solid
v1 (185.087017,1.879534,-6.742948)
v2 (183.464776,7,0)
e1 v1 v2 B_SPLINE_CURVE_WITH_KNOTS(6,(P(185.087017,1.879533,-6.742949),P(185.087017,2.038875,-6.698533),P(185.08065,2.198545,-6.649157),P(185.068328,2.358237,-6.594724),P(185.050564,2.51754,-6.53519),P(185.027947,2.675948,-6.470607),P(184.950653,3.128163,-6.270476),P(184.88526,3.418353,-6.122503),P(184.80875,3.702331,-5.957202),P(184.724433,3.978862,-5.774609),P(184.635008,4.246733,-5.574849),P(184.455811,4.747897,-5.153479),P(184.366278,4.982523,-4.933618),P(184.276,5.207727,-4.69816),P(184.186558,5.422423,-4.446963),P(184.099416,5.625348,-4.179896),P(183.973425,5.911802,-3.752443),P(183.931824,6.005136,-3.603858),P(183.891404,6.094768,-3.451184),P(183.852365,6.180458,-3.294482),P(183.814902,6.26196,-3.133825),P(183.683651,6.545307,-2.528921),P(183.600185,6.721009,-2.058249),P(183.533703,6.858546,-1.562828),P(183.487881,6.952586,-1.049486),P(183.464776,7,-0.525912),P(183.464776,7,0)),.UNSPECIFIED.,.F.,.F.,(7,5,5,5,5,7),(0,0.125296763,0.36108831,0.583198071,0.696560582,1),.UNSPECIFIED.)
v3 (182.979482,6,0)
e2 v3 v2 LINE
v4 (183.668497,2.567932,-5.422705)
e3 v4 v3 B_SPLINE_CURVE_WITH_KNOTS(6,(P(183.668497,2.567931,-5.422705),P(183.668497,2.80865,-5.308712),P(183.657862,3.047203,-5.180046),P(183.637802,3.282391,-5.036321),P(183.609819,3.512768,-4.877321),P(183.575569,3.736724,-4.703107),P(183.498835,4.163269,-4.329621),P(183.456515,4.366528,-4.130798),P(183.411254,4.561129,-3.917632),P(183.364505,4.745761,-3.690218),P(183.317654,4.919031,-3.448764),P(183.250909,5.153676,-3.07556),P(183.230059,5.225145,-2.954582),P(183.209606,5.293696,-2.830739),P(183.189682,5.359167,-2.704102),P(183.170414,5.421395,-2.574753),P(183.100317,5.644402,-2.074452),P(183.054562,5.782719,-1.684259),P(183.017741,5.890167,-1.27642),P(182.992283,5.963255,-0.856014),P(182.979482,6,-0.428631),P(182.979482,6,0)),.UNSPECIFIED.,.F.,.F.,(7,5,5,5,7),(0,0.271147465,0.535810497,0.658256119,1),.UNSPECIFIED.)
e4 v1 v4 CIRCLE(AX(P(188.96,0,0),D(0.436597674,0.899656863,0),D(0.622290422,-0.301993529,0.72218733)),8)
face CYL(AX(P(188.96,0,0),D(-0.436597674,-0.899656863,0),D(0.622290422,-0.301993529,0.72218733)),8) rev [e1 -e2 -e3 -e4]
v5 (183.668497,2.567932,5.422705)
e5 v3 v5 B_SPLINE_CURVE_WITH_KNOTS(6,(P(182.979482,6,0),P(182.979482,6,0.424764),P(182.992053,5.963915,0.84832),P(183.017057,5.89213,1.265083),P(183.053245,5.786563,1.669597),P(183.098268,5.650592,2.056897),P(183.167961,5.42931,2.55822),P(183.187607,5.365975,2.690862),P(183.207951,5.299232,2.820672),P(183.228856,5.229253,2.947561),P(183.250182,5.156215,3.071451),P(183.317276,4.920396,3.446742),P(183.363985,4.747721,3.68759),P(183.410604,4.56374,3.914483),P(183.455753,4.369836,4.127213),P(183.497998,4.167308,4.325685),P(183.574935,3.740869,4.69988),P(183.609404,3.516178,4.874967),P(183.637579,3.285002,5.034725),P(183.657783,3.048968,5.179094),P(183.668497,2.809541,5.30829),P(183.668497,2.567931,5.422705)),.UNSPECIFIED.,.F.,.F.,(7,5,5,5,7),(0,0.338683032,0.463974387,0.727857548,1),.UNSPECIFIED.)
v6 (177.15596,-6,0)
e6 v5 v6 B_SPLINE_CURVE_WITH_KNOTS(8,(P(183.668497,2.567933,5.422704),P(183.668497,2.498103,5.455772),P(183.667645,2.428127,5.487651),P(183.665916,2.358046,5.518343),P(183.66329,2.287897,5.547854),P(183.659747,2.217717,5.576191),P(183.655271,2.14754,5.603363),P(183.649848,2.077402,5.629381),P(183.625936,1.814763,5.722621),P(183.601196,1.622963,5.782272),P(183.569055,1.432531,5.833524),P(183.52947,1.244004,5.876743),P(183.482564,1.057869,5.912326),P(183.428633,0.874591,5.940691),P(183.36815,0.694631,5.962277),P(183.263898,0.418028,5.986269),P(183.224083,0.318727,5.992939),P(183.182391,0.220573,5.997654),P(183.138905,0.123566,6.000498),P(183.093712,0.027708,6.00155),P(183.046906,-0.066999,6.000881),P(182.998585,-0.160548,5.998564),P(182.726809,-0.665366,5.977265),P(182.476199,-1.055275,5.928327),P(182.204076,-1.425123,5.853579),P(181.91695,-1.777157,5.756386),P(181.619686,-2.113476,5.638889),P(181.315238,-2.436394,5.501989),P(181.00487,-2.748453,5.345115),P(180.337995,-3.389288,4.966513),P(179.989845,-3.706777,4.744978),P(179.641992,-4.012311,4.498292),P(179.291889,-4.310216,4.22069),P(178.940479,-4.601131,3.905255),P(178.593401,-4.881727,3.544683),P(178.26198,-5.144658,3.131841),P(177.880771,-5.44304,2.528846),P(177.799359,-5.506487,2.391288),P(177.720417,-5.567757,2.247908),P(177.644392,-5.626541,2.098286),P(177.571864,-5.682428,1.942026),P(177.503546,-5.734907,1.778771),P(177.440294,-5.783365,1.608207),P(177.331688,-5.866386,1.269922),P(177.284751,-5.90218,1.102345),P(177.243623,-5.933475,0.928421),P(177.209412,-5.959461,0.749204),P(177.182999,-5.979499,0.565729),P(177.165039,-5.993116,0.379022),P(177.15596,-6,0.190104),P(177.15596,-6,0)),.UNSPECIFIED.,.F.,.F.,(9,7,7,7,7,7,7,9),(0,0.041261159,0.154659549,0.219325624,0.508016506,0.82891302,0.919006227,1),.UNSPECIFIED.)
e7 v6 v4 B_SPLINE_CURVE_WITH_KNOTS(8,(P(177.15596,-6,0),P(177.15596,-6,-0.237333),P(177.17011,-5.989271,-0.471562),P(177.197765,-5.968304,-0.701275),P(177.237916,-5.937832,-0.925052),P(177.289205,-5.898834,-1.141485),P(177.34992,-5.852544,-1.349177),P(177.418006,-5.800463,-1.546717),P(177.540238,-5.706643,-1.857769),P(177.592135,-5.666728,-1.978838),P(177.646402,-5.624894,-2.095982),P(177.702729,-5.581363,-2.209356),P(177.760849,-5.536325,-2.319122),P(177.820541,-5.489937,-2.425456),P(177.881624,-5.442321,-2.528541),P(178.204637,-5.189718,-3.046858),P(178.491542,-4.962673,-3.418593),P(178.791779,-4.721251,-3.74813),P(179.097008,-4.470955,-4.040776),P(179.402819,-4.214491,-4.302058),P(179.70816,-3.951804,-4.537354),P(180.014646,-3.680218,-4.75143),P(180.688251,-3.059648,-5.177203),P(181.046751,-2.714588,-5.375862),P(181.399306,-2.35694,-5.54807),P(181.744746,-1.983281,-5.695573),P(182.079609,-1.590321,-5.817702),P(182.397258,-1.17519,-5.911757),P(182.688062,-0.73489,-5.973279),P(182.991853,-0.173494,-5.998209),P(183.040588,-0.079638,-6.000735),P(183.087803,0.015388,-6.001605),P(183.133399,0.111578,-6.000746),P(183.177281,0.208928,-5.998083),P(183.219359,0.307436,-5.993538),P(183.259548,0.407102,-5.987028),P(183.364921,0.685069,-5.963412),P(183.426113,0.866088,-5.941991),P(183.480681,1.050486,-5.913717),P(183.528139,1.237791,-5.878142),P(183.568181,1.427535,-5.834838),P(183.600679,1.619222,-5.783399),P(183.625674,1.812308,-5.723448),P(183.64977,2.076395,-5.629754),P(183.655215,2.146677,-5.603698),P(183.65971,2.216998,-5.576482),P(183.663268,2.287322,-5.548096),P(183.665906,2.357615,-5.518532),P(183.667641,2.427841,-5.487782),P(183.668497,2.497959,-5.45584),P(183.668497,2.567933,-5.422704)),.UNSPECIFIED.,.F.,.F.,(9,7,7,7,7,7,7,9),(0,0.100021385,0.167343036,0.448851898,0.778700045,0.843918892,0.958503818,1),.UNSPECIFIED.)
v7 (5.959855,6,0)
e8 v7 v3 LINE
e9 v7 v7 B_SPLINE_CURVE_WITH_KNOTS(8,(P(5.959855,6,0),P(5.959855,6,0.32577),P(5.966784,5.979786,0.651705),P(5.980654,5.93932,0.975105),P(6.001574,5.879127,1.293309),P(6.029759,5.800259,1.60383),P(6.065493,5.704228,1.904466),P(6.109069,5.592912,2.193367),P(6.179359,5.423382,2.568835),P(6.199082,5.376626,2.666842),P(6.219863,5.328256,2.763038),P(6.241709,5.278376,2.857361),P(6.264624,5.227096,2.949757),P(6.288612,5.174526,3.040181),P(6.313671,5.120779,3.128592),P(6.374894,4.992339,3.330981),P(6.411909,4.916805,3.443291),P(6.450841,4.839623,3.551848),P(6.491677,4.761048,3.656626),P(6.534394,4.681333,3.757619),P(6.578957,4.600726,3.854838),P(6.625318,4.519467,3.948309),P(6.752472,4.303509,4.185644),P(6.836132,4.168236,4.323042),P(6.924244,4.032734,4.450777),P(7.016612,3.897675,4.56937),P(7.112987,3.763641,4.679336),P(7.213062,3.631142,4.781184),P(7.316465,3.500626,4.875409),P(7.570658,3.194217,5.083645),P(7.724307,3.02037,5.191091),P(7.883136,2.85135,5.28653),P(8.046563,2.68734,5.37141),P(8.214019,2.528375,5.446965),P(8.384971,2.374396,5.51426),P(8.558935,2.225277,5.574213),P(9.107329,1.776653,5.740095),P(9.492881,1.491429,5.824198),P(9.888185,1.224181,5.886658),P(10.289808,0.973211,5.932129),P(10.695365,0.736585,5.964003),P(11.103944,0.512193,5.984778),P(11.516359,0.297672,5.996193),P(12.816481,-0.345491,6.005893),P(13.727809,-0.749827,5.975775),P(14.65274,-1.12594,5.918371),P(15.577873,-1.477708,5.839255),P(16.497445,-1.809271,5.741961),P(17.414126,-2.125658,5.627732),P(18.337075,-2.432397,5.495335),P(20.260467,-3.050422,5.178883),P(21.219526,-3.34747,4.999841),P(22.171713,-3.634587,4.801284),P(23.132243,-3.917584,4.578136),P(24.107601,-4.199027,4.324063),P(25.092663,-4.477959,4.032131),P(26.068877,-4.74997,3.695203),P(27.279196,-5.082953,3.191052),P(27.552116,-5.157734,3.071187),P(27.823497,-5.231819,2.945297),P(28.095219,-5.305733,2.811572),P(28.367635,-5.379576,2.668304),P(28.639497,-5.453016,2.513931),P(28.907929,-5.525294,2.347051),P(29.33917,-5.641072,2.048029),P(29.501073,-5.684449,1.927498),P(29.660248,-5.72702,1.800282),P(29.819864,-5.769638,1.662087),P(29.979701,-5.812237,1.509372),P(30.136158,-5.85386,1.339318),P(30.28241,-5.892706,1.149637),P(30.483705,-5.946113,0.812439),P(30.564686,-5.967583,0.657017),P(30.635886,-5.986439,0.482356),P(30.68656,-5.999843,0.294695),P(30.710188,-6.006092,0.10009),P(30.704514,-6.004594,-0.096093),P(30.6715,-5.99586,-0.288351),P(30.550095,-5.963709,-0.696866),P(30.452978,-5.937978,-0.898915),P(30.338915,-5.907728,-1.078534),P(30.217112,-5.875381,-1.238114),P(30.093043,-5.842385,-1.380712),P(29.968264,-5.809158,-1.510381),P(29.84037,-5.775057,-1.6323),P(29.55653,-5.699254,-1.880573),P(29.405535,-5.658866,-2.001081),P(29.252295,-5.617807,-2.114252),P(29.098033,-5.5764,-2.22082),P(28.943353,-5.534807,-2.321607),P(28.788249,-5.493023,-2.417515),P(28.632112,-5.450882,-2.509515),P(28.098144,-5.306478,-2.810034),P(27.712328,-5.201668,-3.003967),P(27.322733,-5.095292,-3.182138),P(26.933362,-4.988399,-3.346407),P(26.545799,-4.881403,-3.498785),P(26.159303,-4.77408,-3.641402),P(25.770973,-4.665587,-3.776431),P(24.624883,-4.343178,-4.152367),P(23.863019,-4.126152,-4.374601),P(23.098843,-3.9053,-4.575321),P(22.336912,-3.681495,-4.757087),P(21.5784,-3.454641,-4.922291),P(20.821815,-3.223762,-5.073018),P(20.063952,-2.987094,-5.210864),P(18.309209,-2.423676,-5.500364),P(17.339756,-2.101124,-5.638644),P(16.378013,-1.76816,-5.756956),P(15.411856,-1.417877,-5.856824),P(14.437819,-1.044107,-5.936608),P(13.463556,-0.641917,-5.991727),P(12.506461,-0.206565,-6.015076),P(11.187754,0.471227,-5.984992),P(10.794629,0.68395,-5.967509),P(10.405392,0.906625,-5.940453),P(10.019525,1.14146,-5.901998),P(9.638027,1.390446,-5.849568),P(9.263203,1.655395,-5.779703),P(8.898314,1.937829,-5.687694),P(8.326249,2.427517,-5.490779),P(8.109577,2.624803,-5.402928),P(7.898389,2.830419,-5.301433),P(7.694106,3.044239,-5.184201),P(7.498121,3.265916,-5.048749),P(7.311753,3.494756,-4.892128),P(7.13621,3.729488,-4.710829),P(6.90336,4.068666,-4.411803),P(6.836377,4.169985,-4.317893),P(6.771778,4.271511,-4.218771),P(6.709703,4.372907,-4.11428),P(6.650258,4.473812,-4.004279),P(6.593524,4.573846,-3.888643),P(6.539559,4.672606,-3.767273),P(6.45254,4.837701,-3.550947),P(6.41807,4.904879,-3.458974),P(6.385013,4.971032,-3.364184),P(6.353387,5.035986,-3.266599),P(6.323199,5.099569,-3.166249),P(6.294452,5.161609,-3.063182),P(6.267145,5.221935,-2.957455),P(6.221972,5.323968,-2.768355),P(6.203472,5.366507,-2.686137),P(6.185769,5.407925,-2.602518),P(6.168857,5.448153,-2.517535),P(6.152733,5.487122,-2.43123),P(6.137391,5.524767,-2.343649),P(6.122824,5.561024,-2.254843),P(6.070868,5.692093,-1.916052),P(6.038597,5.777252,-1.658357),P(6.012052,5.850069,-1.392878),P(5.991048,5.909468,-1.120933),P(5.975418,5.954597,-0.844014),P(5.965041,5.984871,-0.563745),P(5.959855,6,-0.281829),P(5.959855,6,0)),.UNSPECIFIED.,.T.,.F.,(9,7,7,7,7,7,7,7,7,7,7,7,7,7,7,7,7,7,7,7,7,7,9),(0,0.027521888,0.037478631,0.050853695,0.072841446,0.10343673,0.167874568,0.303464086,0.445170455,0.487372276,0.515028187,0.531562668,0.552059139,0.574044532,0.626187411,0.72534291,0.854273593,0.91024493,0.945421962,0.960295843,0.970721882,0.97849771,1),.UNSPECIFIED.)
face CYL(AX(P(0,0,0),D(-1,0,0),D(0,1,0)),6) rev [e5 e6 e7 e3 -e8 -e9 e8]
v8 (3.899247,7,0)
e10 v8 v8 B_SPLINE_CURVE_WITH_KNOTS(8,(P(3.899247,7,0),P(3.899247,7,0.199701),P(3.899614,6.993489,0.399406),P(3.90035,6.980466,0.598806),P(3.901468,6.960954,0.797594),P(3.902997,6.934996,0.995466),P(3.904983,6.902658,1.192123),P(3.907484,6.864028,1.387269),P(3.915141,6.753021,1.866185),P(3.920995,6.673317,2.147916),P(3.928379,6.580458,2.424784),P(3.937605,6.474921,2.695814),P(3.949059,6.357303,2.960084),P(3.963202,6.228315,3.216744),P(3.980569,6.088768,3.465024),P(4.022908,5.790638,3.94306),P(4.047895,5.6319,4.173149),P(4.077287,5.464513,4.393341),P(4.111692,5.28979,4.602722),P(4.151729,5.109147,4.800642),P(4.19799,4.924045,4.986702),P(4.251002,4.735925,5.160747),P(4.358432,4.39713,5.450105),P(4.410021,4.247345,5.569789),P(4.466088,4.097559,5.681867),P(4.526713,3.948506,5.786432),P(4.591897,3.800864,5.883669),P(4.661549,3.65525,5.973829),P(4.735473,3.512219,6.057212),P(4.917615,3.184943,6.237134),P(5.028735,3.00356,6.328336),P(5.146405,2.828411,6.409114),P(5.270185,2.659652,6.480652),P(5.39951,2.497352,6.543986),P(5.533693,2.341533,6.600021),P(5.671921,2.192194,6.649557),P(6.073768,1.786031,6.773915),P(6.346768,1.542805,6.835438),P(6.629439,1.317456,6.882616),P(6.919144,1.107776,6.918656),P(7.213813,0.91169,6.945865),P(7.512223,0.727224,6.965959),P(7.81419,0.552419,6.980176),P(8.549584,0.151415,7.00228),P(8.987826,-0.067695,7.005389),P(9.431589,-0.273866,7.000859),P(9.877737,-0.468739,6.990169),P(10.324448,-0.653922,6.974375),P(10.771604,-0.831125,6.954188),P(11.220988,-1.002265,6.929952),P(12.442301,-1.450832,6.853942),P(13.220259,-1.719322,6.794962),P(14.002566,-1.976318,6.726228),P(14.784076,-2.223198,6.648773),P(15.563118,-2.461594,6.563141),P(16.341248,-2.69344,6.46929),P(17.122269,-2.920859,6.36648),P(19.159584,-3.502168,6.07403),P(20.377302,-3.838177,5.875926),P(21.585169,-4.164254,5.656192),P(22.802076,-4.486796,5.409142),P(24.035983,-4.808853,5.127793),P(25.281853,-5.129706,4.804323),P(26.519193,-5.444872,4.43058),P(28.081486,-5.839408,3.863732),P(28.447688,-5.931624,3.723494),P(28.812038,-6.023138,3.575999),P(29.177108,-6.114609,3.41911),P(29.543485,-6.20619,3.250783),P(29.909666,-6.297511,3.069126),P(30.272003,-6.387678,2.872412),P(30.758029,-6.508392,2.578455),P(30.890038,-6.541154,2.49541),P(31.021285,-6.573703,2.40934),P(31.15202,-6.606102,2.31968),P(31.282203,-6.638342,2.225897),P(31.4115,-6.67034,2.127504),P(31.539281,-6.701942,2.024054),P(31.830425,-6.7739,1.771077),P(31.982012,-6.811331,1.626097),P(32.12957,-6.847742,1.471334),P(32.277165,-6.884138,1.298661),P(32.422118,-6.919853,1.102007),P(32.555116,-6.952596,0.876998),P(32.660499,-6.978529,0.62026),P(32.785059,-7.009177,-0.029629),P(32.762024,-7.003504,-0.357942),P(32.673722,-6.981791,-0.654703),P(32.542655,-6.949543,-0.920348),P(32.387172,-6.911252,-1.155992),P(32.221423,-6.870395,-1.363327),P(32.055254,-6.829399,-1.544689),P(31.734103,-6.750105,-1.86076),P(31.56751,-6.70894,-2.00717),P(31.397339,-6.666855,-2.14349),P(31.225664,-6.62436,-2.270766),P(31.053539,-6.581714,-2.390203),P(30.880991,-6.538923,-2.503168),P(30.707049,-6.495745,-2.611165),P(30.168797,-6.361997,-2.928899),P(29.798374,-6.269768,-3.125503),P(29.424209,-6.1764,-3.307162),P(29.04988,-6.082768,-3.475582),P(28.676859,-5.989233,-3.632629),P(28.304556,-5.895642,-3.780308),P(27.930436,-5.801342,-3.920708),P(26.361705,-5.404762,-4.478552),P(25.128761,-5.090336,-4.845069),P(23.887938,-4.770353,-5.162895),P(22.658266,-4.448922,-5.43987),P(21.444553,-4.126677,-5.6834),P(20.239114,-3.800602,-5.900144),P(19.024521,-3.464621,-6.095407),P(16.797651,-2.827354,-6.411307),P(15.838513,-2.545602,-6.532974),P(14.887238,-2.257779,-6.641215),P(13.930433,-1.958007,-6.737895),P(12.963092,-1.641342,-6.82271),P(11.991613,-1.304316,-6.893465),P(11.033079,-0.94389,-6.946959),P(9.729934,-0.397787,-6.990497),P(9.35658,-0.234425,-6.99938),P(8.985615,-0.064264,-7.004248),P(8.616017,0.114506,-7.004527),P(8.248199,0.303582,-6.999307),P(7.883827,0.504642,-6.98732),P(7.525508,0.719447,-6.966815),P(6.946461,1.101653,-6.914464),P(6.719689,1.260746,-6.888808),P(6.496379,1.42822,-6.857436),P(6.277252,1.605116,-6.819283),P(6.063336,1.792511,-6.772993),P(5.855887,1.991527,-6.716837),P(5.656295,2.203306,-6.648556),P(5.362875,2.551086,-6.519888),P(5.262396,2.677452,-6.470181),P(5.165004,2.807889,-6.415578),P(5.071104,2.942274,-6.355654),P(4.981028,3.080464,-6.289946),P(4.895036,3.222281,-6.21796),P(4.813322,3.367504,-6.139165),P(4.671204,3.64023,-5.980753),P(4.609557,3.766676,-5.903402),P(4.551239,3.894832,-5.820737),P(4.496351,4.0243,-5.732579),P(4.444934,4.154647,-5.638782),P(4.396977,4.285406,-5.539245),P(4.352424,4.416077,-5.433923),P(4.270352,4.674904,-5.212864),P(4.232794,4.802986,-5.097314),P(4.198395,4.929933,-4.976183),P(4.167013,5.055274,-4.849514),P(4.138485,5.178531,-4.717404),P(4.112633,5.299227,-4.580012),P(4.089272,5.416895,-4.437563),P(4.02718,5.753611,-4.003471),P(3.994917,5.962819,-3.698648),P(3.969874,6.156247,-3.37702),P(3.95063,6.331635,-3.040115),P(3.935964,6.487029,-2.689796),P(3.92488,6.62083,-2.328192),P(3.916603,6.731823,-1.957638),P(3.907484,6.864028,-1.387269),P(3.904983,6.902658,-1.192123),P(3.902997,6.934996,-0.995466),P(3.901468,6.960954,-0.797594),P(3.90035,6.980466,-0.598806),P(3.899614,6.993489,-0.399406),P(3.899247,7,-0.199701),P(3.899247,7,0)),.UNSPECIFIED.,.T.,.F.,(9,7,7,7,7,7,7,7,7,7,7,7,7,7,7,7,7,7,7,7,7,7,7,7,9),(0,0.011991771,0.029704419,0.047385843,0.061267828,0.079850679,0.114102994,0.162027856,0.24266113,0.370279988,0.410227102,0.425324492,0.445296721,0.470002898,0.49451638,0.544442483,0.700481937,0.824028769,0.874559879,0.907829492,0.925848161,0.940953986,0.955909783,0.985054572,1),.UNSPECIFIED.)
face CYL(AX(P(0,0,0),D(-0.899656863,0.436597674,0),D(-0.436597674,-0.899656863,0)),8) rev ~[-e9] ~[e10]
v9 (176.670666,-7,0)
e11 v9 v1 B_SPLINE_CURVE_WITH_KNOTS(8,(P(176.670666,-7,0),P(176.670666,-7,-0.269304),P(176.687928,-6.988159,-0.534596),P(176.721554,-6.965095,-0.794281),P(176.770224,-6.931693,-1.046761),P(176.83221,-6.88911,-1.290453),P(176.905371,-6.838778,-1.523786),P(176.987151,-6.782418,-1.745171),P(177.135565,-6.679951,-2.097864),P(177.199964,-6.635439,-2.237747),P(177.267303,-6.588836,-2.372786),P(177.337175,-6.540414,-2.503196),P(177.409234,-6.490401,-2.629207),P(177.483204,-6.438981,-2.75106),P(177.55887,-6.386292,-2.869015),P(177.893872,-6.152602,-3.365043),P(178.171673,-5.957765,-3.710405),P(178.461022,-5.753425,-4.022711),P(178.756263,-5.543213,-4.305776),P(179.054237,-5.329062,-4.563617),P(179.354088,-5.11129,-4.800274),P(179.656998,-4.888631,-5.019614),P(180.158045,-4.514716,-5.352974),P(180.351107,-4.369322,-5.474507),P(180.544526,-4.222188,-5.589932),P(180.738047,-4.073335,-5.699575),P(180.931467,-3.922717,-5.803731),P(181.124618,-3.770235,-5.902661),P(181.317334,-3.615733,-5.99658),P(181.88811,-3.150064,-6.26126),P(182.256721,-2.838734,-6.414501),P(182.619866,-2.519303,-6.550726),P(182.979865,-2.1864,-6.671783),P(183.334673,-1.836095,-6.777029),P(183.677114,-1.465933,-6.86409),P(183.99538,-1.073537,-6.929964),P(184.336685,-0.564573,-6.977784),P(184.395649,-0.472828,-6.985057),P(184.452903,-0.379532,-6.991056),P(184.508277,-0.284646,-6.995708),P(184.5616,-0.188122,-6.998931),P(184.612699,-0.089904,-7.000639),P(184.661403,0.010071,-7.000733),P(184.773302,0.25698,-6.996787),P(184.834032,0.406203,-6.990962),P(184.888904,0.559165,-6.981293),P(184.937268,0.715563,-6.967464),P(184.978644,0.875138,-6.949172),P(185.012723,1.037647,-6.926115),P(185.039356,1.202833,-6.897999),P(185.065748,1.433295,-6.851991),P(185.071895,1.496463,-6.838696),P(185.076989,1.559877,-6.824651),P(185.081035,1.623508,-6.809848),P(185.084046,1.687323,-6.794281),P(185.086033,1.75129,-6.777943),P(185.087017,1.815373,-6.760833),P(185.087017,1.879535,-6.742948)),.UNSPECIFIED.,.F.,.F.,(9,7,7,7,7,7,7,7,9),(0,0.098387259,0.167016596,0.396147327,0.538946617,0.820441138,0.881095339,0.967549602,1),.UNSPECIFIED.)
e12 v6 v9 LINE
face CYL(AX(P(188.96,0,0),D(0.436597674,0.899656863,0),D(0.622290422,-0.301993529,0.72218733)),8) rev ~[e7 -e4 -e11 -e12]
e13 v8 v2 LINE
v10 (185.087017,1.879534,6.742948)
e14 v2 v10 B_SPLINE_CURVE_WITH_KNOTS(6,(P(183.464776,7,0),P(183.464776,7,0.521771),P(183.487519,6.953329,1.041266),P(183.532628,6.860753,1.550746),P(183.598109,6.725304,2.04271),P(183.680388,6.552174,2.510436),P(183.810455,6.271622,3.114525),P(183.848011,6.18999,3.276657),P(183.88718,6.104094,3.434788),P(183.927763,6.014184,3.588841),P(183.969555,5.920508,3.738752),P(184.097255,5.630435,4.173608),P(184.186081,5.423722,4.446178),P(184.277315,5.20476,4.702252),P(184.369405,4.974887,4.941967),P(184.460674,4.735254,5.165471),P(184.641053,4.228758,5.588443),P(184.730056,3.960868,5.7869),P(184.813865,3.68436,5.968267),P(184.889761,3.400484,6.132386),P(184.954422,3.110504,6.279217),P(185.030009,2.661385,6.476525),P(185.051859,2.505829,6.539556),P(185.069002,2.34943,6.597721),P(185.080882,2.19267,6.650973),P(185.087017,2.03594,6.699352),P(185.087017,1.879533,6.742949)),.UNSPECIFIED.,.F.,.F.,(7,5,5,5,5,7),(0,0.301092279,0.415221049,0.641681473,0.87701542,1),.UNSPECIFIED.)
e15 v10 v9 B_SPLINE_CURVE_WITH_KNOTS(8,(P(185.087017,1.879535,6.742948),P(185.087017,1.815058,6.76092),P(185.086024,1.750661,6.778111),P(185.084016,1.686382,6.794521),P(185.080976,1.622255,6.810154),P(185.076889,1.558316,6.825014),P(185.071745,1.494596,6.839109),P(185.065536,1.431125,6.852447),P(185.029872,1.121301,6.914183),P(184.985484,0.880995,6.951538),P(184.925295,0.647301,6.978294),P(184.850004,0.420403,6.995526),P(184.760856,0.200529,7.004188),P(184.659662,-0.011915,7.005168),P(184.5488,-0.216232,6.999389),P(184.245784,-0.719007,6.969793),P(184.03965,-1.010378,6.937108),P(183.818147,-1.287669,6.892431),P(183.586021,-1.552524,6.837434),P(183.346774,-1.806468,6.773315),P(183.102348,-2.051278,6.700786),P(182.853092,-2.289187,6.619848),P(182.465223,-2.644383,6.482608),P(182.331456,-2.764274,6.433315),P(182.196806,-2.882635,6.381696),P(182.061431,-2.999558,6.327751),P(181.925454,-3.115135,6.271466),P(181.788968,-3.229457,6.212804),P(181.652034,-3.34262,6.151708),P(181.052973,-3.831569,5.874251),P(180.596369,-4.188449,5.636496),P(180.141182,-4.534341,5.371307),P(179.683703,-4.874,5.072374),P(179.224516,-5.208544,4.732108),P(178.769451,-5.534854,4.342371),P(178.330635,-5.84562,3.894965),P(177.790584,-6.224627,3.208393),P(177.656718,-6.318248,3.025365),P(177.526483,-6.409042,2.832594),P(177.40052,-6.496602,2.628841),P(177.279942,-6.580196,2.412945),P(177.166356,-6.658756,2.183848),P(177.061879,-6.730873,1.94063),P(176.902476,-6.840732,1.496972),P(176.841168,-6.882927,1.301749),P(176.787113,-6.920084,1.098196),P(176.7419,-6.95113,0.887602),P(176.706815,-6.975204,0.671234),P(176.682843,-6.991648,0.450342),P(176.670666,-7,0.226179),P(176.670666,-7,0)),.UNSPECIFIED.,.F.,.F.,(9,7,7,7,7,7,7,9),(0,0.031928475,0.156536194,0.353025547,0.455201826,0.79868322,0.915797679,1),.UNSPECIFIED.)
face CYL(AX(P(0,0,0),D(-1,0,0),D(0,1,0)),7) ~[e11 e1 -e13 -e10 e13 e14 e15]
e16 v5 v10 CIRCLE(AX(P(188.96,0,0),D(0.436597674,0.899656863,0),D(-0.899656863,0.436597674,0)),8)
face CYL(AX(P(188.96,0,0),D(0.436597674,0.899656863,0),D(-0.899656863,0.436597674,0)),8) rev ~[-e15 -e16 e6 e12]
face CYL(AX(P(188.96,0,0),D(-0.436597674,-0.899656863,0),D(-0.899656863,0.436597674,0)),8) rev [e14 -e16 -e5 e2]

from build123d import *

# Parameters (mm, degrees)
F0_R     = 7
F0_R_2   = 6
F1_DEPTH = 188.96
F4_R     = 8
F5_DEPTH = 35
F9_DEPTH = 15


with BuildPart() as f1:
    # F0 (on Right) → F1 (new body)
    with BuildSketch(Plane.YZ):
        Circle(F0_R)
        Circle(F0_R_2, mode=Mode.SUBTRACT)
    extrude(amount=F1_DEPTH)

    # F4 (on face) → F5 (cut, symmetric)
    with BuildSketch(Plane(origin=(0, 0, 0), x_dir=(-0.4365976739, -0.899656863, 0), z_dir=(-0.899656863, 0.4365976739, 0))):
        Circle(F4_R)
    extrude(amount=F5_DEPTH, both=True, mode=Mode.SUBTRACT)

    # F8 (on line) → F9 (cut, symmetric)
    with BuildSketch(Plane(origin=(36.0190882591, 74.2212381898, 0), x_dir=(-0.899656863, 0.4365976739, 0), z_dir=(0.4365976739, 0.899656863, 0))):
        with BuildLine():
            ThreePointArc((-175.5327409971, 5.777498639), (-173.1401287256, -7.3576029162), (-161.999160829, 0))
            ThreePointArc((-161.999160829, 0), (-166.8581929324, 7.3576029162), (-175.5327409971, 5.777498639))
        make_face()
    extrude(amount=F9_DEPTH, both=True, mode=Mode.SUBTRACT)


solid = f1.part
